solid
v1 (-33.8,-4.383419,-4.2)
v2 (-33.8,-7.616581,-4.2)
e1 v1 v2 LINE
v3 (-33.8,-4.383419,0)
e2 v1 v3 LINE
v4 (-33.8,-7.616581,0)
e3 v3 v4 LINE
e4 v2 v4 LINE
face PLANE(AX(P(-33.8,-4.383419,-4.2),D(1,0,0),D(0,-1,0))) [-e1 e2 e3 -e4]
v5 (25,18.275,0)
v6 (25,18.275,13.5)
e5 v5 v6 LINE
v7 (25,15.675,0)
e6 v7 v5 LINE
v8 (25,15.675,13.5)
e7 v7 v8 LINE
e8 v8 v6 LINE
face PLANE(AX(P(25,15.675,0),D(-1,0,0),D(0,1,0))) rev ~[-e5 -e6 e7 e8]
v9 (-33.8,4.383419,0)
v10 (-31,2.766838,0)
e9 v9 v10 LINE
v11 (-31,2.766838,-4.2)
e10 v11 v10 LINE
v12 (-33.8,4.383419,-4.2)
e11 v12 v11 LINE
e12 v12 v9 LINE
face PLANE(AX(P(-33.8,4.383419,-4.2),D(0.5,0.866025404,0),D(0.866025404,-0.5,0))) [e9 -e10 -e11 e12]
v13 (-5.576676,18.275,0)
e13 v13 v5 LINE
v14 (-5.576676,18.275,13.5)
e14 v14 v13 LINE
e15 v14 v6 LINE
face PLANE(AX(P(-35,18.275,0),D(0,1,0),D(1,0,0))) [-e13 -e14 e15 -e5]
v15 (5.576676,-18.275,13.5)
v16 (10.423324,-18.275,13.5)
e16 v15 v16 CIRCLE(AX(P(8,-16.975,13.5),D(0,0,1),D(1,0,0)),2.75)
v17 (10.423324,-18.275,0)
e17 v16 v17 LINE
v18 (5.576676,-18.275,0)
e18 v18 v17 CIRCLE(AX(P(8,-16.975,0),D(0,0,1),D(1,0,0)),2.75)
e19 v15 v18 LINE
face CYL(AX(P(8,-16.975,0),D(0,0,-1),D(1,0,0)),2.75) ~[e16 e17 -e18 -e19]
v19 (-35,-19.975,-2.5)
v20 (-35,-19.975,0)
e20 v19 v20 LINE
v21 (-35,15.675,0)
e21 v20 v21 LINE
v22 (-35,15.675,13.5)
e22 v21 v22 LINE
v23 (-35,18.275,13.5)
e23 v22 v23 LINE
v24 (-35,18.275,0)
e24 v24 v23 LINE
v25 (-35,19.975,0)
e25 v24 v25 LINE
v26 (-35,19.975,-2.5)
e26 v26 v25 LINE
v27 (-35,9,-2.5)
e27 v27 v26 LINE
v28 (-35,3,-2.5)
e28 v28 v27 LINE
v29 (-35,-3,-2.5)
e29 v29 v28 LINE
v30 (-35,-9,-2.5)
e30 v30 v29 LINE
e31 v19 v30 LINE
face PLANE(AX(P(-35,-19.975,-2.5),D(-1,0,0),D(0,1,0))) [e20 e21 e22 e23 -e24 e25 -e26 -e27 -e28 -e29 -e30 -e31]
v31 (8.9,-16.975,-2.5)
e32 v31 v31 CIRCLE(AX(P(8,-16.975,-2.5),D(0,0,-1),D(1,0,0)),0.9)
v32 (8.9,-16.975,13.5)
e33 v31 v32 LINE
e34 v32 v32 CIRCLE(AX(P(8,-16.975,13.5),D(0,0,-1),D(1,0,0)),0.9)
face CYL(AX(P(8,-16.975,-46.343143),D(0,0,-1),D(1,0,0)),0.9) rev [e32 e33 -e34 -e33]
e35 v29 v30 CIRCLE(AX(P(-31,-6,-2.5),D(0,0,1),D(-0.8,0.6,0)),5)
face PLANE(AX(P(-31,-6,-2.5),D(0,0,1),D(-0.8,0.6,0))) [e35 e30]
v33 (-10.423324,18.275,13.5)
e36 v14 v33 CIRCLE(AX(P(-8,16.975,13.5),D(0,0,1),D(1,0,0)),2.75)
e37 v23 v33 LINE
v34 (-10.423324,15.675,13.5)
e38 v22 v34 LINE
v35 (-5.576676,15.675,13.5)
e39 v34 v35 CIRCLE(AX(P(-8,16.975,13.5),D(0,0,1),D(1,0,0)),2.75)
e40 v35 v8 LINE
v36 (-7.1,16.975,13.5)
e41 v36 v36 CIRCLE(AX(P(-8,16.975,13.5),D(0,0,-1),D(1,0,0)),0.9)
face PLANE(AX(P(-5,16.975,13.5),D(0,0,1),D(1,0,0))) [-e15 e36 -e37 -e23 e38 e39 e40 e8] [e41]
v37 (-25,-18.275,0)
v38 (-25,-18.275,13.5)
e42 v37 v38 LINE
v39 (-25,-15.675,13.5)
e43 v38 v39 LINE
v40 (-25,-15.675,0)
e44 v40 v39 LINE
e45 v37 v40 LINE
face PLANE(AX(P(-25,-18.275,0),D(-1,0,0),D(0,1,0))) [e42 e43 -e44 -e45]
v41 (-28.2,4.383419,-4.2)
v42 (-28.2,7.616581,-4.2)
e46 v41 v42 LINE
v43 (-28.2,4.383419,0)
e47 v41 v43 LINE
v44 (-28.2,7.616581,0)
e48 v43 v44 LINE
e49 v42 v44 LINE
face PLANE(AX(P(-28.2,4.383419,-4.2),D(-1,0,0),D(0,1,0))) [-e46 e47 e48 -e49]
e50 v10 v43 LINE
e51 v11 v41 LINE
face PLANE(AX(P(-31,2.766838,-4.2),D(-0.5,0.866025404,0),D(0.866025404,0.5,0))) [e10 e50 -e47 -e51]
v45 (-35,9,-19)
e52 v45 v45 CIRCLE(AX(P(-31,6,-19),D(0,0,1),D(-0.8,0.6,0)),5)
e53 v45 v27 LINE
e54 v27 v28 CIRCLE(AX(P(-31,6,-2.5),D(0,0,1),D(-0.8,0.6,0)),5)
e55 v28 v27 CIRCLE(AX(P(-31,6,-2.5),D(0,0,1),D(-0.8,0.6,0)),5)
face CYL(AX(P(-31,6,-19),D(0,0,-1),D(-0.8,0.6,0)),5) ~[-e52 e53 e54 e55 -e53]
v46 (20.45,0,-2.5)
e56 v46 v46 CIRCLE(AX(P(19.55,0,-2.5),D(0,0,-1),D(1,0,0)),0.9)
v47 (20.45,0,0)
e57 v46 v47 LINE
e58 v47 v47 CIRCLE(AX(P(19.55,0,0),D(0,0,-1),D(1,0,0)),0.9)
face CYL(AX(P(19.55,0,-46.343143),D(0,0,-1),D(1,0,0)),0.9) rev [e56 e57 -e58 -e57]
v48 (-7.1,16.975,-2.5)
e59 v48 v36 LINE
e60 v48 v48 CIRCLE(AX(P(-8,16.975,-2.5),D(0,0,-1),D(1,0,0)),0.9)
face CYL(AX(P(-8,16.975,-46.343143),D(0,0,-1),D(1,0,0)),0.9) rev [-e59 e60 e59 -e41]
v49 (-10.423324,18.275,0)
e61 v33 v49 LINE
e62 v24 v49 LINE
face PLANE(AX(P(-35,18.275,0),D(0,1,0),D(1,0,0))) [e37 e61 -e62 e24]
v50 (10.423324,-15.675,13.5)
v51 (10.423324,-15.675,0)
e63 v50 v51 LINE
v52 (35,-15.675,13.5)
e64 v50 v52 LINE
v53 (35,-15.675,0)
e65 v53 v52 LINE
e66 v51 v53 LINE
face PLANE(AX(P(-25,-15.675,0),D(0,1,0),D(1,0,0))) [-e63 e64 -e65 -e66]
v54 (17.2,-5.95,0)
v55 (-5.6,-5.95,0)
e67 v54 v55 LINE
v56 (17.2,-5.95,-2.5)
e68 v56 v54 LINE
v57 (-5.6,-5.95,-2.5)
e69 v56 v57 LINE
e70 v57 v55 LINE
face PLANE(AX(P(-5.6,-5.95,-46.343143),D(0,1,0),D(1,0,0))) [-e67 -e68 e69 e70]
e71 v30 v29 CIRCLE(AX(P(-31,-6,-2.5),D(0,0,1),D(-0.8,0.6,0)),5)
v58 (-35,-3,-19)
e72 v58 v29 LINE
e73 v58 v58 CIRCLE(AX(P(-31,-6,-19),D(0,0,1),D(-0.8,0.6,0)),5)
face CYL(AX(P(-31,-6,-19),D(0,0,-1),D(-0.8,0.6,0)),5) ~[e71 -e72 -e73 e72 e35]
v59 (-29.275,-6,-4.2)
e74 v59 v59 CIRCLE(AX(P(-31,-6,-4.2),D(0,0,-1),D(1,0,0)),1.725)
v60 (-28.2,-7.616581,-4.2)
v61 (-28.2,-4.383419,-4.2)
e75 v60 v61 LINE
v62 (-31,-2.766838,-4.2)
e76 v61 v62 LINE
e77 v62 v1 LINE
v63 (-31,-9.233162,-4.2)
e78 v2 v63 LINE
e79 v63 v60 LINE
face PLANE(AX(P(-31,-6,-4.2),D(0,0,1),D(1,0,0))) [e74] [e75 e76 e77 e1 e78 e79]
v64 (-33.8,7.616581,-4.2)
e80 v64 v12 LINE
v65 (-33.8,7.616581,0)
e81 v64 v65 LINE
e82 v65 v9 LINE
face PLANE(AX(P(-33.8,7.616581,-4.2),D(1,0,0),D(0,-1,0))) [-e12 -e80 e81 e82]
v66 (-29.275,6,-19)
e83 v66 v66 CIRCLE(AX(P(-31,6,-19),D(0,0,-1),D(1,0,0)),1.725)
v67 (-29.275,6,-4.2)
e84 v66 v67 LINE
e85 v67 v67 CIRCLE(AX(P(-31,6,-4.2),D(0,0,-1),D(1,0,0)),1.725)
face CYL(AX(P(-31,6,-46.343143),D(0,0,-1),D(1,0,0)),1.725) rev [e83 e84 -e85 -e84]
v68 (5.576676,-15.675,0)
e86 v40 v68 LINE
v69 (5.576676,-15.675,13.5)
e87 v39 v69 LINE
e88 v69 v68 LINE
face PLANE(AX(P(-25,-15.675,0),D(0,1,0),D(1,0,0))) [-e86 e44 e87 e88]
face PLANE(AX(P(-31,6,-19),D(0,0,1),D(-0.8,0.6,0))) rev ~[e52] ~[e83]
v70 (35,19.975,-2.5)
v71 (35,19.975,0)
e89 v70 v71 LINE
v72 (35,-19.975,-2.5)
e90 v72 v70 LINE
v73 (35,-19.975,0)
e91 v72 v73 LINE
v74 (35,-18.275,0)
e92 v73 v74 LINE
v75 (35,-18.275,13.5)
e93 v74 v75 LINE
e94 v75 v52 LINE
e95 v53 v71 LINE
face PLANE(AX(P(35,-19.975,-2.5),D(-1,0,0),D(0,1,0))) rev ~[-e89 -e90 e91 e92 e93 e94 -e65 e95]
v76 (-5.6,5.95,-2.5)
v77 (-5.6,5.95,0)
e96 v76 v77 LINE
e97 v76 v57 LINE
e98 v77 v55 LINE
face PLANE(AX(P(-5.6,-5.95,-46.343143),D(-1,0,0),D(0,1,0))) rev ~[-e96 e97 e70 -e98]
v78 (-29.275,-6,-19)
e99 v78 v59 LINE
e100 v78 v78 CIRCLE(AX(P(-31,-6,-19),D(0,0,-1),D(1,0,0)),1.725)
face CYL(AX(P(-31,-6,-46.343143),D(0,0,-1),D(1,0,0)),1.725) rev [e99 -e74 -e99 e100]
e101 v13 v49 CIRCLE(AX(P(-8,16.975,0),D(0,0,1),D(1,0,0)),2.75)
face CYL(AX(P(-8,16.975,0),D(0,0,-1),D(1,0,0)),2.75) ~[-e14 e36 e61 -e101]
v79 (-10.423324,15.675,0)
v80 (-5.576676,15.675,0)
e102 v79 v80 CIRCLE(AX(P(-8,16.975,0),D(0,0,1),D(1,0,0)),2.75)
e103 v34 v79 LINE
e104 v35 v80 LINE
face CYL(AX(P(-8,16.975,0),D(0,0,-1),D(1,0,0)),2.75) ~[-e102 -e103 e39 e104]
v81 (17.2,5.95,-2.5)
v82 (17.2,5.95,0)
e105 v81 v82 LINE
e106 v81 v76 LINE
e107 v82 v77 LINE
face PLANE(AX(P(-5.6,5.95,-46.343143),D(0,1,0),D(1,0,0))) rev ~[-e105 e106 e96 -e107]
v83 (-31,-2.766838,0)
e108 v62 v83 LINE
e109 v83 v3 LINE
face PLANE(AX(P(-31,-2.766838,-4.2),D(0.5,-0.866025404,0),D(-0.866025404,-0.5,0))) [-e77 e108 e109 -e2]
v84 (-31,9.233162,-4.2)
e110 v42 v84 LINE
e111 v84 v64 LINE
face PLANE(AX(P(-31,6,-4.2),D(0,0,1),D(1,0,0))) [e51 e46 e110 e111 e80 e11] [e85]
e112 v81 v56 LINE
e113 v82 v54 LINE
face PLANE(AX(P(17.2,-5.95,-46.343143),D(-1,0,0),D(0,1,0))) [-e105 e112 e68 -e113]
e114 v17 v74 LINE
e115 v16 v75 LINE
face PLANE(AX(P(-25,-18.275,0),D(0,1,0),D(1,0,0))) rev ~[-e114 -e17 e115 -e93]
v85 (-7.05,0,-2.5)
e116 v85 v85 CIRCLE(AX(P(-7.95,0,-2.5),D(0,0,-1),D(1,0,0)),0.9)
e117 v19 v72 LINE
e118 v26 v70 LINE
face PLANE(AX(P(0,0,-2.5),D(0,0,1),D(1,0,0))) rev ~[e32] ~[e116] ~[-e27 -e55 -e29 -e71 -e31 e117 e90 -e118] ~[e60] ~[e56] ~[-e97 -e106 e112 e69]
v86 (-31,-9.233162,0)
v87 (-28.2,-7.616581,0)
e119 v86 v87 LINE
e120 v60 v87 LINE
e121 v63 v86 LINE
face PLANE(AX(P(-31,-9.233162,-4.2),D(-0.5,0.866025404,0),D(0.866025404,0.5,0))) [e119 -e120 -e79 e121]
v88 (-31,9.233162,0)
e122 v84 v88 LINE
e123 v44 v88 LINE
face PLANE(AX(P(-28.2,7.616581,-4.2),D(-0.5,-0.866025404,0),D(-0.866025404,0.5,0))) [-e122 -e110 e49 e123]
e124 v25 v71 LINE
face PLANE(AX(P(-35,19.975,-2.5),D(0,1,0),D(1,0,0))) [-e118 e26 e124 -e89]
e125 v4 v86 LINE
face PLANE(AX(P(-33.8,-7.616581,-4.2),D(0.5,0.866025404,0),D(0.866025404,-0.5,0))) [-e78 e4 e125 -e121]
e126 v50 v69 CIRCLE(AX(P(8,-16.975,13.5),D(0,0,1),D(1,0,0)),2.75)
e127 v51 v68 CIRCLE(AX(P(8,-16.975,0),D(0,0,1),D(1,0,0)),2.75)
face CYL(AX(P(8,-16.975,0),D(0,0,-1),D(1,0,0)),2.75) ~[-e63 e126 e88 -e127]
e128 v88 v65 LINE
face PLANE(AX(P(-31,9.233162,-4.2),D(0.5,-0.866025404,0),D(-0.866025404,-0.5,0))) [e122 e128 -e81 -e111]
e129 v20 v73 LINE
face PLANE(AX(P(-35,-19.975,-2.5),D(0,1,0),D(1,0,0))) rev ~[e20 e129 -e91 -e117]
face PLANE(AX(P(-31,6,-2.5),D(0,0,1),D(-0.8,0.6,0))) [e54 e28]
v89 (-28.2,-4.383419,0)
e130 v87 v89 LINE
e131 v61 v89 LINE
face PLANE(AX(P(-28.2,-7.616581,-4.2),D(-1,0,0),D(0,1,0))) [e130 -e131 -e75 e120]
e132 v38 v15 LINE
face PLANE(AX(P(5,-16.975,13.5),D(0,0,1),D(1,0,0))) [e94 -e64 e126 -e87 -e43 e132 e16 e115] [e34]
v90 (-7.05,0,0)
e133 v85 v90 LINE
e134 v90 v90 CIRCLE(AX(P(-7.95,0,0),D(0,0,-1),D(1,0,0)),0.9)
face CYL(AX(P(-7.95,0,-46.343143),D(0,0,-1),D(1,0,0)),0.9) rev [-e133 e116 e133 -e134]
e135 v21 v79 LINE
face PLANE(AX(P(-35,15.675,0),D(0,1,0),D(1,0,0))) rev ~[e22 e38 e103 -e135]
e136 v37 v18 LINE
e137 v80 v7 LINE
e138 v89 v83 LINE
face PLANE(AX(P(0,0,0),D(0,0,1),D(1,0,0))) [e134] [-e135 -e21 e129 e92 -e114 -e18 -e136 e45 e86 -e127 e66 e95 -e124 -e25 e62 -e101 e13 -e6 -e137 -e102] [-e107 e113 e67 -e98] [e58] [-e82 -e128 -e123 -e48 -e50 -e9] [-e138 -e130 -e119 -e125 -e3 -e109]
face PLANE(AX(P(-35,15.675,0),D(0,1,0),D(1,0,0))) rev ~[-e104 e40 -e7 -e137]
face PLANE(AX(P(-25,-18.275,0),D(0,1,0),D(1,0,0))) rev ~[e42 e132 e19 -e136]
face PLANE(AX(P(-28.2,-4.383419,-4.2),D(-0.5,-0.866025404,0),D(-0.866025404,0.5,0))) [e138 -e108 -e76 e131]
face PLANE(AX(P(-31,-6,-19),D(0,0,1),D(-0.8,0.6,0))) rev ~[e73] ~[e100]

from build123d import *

# Parameters (mm, degrees)
BOSS_EXTRUDE1_START     = -2.5
SKETCH1_W               = 70
SKETCH1_H               = 39.95
BOSS_EXTRUDE1_DEPTH     = 2.5
SKETCH2_W               = 60
SKETCH2_H               = 2.6
BOSS_EXTRUDE2_DEPTH     = 13.5
SKETCH3_W               = 60
SKETCH3_H               = 2.6
BOSS_EXTRUDE3_DEPTH     = 13.5
SKETCH4_R               = 2.75
BOSS_EXTRUDE4_DEPTH     = 13.5
BOSS_EXTRUDE5_START     = -19
SKETCH5_R               = 5
BOSS_EXTRUDE5_DEPTH     = 16.5
CUT_EXTRUDE1_DEPTH      = 46.343143087
CUT_EXTRUDE1_DEPTH_BACK = 46.343143087
SKETCH6_W               = 22.8
SKETCH6_H               = 11.9
CUT_EXTRUDE2_DEPTH      = 46.343143087
CUT_EXTRUDE2_DEPTH_BACK = 46.343143087
SKETCH7_R               = 0.9
CUT_EXTRUDE3_DEPTH      = 46.343143087
CUT_EXTRUDE3_DEPTH_BACK = 46.343143087
SKETCH8_R               = 0.9
CUT_EXTRUDE4_DEPTH      = 46.343143087
CUT_EXTRUDE4_DEPTH_BACK = 46.343143087
SKETCH9_R               = 1.725
CUT_EXTRUDE5_START      = -4.2
CUT_EXTRUDE5_DEPTH      = 4.2


with BuildPart() as part:
    # Sketch1 → Boss-Extrude1 (new body)
    with BuildSketch(Plane.XY.offset(BOSS_EXTRUDE1_START)):
        Rectangle(SKETCH1_W, SKETCH1_H)
    extrude(amount=BOSS_EXTRUDE1_DEPTH)

    # Sketch2 → Boss-Extrude2 (add)
    with BuildSketch(Plane.XY):
        with Locations((-5, 16.975)):
            Rectangle(SKETCH2_W, SKETCH2_H)
    extrude(amount=BOSS_EXTRUDE2_DEPTH)

    # Sketch3 → Boss-Extrude3 (add)
    with BuildSketch(Plane.XY):
        with Locations((5, -16.975)):
            Rectangle(SKETCH3_W, SKETCH3_H)
    extrude(amount=BOSS_EXTRUDE3_DEPTH)

    # Sketch4 → Boss-Extrude4 (add)
    with BuildSketch(Plane.XY):
        with Locations((-8, 16.975)):
            Circle(SKETCH4_R)
        with Locations((8, -16.975)):
            Circle(SKETCH4_R)
    extrude(amount=BOSS_EXTRUDE4_DEPTH)

    # Sketch5 → Boss-Extrude5 (add)
    with BuildSketch(Plane.XY.offset(BOSS_EXTRUDE5_START)):
        with Locations(Location((-31, 6, 0), (0, 0, 143.130102354))):
            Circle(SKETCH5_R)
        with Locations(Location((-31, -6, 0), (0, 0, 143.130102354))):
            Circle(SKETCH5_R)
    extrude(amount=BOSS_EXTRUDE5_DEPTH)

    # Sketch6 → Cut-Extrude1 (cut, two sides: drawn at the far end of the back side and taken through both)
    with BuildSketch(Plane.XY.offset(-CUT_EXTRUDE1_DEPTH_BACK)):
        with Locations((5.8, 0)):
            Rectangle(SKETCH6_W, SKETCH6_H)
    extrude(amount=CUT_EXTRUDE1_DEPTH + CUT_EXTRUDE1_DEPTH_BACK, mode=Mode.SUBTRACT)

    # Sketch7 → Cut-Extrude2 (cut, two sides: drawn at the far end of the back side and taken through both)
    with BuildSketch(Plane.XY.offset(-CUT_EXTRUDE2_DEPTH_BACK)):
        with Locations((-7.95, 0)):
            Circle(SKETCH7_R)
        with Locations((19.55, 0)):
            Circle(SKETCH7_R)
    extrude(amount=CUT_EXTRUDE2_DEPTH + CUT_EXTRUDE2_DEPTH_BACK, mode=Mode.SUBTRACT)

    # Sketch8 → Cut-Extrude3 (cut, two sides: drawn at the far end of the back side and taken through both)
    with BuildSketch(Plane.XY.offset(-CUT_EXTRUDE3_DEPTH_BACK)):
        with Locations((-8, 16.975)):
            Circle(SKETCH8_R)
        with Locations((8, -16.975)):
            Circle(SKETCH8_R)
    extrude(amount=CUT_EXTRUDE3_DEPTH + CUT_EXTRUDE3_DEPTH_BACK, mode=Mode.SUBTRACT)

    # Sketch9 → Cut-Extrude4 (cut, two sides: drawn at the far end of the back side and taken through both)
    with BuildSketch(Plane.XY.offset(-CUT_EXTRUDE4_DEPTH_BACK)):
        with Locations((-31, 6)):
            Circle(SKETCH9_R)
        with Locations((-31, -6)):
            Circle(SKETCH9_R)
    extrude(amount=CUT_EXTRUDE4_DEPTH + CUT_EXTRUDE4_DEPTH_BACK, mode=Mode.SUBTRACT)

    # Sketch10 → Cut-Extrude5 (cut)
    with BuildSketch(Plane.XY.offset(CUT_EXTRUDE5_START)):
        Polygon((-28.2, 7.616580754), (-31, 9.233161507), (-33.8, 7.616580754), (-33.8, 4.383419246), (-31, 2.766838493), (-28.2, 4.383419246), align=None)
        Polygon((-28.2, -4.383419246), (-31, -2.766838493), (-33.8, -4.383419246), (-33.8, -7.616580754), (-31, -9.233161507), (-28.2, -7.616580754), align=None)
    extrude(amount=CUT_EXTRUDE5_DEPTH, mode=Mode.SUBTRACT)


solid = part.part
